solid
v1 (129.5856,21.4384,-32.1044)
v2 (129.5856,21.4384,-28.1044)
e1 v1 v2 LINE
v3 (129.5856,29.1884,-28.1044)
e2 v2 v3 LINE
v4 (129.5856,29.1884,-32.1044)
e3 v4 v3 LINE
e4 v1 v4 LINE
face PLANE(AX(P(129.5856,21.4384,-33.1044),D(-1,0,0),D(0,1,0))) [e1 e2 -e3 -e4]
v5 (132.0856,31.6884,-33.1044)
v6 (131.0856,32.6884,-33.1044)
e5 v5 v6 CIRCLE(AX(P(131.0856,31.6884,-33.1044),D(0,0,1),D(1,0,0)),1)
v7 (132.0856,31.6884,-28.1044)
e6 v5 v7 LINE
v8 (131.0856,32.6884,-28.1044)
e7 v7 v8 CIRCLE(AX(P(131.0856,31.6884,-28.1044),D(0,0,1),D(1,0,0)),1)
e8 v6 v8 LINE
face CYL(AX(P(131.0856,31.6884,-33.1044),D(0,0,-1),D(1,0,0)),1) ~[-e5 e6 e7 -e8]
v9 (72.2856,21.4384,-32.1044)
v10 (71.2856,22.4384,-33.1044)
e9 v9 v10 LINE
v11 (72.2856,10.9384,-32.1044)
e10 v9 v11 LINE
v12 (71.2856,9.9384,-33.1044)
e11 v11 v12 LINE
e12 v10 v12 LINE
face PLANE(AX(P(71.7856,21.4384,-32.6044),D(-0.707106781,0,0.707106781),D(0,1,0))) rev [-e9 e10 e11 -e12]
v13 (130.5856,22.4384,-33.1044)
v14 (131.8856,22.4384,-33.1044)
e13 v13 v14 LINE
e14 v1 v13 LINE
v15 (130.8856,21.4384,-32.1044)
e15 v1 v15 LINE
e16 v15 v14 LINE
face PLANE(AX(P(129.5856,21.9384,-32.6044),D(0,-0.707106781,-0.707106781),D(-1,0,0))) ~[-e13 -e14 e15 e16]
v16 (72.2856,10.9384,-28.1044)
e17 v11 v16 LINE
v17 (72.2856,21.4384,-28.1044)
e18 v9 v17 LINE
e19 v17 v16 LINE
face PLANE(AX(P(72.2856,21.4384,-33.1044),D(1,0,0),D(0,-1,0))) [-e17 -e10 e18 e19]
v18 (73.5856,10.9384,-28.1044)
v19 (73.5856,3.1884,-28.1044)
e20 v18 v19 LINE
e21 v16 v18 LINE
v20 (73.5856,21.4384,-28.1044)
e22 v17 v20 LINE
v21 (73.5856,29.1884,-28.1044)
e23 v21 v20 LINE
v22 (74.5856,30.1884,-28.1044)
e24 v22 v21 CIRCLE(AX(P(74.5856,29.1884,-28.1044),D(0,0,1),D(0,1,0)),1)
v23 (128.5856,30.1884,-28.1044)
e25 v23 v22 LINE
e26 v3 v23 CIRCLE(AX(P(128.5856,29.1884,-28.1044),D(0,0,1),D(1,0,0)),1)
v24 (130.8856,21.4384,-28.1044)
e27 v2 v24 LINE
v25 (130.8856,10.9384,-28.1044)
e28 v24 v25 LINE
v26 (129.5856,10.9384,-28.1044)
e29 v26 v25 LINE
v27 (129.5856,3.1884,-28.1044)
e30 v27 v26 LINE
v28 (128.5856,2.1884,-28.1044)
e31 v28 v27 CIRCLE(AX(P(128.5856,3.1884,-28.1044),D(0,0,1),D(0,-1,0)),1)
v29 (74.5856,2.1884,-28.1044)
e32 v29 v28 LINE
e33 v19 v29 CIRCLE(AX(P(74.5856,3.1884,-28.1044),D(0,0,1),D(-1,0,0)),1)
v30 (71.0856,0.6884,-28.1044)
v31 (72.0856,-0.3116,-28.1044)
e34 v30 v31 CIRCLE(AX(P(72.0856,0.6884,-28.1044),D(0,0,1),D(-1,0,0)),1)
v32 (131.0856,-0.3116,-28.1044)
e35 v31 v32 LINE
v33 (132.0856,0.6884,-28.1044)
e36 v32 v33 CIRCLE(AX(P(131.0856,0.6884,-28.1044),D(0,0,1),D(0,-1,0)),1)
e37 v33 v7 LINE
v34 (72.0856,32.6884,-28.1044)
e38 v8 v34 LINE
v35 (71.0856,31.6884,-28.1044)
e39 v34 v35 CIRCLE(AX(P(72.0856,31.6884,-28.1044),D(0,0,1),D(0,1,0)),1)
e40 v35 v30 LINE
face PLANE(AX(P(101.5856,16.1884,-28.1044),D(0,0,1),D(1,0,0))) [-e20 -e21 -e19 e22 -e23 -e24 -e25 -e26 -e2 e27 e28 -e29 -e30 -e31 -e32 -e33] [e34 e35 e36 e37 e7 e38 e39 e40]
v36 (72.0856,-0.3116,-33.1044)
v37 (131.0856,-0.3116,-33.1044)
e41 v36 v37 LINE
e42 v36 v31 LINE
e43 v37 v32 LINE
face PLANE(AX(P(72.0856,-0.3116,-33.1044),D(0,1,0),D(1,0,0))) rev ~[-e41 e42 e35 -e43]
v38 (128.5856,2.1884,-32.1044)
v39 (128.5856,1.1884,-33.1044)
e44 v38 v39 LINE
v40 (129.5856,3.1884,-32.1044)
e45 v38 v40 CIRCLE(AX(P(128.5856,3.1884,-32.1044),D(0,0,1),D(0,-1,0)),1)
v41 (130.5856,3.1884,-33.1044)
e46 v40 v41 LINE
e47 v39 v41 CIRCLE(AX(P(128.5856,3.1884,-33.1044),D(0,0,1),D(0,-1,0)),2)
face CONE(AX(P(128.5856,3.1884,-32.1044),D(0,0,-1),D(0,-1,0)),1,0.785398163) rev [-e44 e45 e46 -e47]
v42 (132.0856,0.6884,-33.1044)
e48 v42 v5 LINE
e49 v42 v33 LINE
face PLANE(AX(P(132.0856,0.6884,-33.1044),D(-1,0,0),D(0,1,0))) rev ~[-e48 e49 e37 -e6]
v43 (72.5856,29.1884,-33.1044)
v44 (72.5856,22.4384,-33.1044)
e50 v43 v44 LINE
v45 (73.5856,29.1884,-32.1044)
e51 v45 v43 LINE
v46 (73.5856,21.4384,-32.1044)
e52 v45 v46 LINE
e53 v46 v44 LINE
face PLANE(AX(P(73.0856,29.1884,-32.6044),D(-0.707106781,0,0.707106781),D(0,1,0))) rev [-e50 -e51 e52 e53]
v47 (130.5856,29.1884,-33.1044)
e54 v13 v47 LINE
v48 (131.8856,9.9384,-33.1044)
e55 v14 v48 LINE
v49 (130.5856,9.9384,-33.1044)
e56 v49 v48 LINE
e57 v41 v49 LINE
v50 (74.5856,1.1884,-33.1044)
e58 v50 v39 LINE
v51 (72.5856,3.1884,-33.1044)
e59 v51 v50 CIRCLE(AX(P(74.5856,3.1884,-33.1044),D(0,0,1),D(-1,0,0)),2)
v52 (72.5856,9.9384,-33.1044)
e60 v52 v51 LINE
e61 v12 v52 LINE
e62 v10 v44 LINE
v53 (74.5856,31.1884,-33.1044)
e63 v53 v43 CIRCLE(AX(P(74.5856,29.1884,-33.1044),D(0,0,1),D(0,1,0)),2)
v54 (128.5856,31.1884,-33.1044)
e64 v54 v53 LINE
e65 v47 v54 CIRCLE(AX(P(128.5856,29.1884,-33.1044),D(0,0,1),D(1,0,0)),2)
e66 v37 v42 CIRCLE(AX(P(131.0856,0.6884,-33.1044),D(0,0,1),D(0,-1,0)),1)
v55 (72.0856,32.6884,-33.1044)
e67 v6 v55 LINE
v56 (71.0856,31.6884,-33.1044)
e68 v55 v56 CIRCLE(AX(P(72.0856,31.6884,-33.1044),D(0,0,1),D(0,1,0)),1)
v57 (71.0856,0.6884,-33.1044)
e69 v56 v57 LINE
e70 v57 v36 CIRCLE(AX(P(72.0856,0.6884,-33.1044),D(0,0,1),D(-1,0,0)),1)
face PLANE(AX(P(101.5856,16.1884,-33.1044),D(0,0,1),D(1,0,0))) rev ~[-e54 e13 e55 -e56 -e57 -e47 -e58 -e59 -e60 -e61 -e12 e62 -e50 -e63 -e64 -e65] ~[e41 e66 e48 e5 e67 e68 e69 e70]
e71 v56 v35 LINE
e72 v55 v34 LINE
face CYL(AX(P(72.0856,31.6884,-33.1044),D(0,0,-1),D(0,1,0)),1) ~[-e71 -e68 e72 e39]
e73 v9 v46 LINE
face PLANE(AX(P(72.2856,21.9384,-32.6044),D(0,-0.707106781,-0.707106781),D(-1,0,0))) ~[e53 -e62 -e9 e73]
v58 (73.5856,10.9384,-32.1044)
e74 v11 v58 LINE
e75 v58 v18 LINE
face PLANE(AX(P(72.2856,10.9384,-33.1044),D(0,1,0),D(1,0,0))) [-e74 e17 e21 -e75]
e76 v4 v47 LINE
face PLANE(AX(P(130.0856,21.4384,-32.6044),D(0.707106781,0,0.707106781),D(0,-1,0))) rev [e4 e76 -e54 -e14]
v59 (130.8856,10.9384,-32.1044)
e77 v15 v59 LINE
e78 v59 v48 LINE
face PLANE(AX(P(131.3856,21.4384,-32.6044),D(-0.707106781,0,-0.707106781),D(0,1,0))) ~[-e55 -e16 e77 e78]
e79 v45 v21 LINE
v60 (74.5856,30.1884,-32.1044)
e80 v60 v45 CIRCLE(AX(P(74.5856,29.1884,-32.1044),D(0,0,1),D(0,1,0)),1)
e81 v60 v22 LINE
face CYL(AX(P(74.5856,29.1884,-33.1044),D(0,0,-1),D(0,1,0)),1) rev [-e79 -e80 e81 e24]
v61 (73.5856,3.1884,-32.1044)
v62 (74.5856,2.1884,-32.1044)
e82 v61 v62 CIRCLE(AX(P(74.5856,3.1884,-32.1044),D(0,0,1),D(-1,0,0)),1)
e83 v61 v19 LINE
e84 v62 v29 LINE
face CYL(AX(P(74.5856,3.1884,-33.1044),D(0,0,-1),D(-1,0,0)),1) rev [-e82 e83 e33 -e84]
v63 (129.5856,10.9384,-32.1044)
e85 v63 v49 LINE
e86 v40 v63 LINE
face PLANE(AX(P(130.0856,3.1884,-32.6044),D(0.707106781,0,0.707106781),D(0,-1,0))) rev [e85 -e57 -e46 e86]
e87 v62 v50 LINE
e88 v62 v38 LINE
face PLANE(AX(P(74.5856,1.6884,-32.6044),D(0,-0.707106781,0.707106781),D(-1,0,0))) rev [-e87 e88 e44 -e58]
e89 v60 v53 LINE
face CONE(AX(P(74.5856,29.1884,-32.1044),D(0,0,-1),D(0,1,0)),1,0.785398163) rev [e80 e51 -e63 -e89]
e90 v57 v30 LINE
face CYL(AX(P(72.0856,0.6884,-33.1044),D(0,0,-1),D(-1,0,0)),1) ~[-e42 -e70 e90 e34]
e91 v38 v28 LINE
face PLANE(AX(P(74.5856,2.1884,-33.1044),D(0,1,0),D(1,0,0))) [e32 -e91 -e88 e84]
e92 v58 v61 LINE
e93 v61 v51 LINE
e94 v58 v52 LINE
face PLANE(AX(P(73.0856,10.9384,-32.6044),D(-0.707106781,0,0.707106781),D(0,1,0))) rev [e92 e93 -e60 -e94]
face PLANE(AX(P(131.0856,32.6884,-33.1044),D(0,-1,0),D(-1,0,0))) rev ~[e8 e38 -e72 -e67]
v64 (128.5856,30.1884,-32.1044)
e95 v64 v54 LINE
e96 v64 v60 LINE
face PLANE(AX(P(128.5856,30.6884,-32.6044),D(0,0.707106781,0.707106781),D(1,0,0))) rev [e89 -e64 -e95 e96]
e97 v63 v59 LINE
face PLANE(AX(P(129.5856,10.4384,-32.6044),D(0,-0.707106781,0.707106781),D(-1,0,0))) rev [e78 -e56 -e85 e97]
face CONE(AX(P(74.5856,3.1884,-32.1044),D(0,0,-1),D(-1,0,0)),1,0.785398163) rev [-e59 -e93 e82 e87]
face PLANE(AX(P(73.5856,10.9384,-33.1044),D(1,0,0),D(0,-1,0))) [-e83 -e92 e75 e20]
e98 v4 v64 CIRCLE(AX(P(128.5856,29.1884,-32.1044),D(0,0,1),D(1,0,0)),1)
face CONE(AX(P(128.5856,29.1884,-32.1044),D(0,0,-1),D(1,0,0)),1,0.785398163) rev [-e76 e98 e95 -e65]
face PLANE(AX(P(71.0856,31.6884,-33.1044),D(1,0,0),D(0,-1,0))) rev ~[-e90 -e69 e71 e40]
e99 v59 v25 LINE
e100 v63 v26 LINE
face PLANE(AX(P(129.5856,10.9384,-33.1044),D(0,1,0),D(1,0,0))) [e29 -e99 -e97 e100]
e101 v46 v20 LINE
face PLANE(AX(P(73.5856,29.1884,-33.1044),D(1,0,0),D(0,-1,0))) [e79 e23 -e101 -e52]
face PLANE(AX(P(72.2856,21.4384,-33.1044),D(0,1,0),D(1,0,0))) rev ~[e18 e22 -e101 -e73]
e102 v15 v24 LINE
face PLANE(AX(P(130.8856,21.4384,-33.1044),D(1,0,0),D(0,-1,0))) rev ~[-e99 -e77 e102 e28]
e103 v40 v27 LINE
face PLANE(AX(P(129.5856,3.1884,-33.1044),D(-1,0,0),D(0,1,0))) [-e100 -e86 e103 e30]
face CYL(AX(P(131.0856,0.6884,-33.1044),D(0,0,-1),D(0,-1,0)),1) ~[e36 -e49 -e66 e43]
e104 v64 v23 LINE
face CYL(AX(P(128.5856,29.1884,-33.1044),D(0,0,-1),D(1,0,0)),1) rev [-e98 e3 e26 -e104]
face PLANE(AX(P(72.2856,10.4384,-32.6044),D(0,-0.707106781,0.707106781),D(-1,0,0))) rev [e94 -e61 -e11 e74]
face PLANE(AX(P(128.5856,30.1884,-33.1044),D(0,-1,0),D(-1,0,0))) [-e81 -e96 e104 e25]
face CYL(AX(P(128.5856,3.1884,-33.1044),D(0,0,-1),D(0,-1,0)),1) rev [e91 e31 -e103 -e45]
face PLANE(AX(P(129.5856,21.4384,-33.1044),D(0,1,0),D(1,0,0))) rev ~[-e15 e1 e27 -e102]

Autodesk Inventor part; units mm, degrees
ref_plane "YZ Plane" through (0, 0, 0) normal (1, 0, 0) x (0, 1, 0)
ref_plane "XZ Plane" through (0, 0, 0) normal (0, 1, 0) x (-1, 0, 0)
ref_plane "XY Plane" through (0, 0, 0) normal (0, 0, 1) x (1, 0, 0)
ref_plane "Work Plane1" through (0, 0, -12) normal (0, 0, 1) x (1, 0, 0)
ref_plane "Work Plane2" through (101.5856, 16.1884, -33.1044) normal (0, 0, 1) x (1, 0, 0)
sketch "Sketch2" plane through (101.5856, 16.1884, -33.1044) normal (0, 0, 1) x (1, 0, 0)
  line L0 (30.5, -15.5) -> (30.5, 15.5) projected
  arc A0 (30.5, 15.5) -> (29.5, 16.5) centre (29.5, 15.5) ccw projected
  line L1 (29.5, 16.5) -> (-29.5, 16.5) projected
  arc A1 (-29.5, 16.5) -> (-30.5, 15.5) centre (-29.5, 15.5) ccw projected
  line L2 (-30.5, 15.5) -> (-30.5, -15.5) projected
  arc A2 (-30.5, -15.5) -> (-29.5, -16.5) centre (-29.5, -15.5) ccw projected
  line L3 (-29.5, -16.5) -> (29.5, -16.5) projected
  arc A3 (29.5, -16.5) -> (30.5, -15.5) centre (29.5, -15.5) ccw projected
  line L4 (-28, 13) -> (-28, -13) projected
  arc A4 (-27, 14) -> (-28, 13) centre (-27, 13) ccw projected
  line L5 (27, 14) -> (-27, 14) projected
  arc A5 (28, 13) -> (27, 14) centre (27, 13) ccw projected
  line L6 (28, -13) -> (28, 13) projected
  arc A6 (27, -14) -> (28, -13) centre (27, -13) ccw projected
  line L7 (-27, -14) -> (27, -14) projected
  arc A7 (-28, -13) -> (-27, -14) centre (-27, -13) ccw projected
  line L8 (-29.3, 5.25) -> (-29.3, -5.25) projected
  line L9 (-29.3, -5.25) -> (-28, -5.25) projected
  line L10 (-28, 5.25) -> (-28, -5.25) projected
  line L11 (-29.3, 5.25) -> (-28, 5.25) projected
  line L12 (28, 5.25) -> (28, -5.25) projected
  line L13 (28, -5.25) -> (29.3, -5.25) projected
  line L14 (29.3, 5.25) -> (29.3, -5.25) projected
  line L15 (28, 5.25) -> (29.3, 5.25) projected
  point P0 (-101.5856, -16.1884)
extrude "Extrusion2" add sketch "Sketch2" along normal blind 5
chamfer "Chamfer2" distance 1 angle 45 16 edges at (101.5856, 30.1884, -33.1044) (129.2927, 29.8955, -33.1044) (129.5856, 25.3134, -33.1044) (73.8785, 29.8955, -33.1044) (73.5856, 25.3134, -33.1044) (101.5856, 2.1884, -33.1044) (73.8785, 2.4813, -33.1044) (73.5856, 7.0634, -33.1044) (129.2927, 2.4813, -33.1044) (129.5856, 7.0634, -33.1044) (130.2356, 21.4384, -33.1044) (130.2356, 10.9384, -33.1044) (130.8856, 16.1884, -33.1044) (72.9356, 21.4384, -33.1044) (72.2856, 16.1884, -33.1044) (72.9356, 10.9384, -33.1044)
properties part number "ledy_bateryjki_ramka_check"
